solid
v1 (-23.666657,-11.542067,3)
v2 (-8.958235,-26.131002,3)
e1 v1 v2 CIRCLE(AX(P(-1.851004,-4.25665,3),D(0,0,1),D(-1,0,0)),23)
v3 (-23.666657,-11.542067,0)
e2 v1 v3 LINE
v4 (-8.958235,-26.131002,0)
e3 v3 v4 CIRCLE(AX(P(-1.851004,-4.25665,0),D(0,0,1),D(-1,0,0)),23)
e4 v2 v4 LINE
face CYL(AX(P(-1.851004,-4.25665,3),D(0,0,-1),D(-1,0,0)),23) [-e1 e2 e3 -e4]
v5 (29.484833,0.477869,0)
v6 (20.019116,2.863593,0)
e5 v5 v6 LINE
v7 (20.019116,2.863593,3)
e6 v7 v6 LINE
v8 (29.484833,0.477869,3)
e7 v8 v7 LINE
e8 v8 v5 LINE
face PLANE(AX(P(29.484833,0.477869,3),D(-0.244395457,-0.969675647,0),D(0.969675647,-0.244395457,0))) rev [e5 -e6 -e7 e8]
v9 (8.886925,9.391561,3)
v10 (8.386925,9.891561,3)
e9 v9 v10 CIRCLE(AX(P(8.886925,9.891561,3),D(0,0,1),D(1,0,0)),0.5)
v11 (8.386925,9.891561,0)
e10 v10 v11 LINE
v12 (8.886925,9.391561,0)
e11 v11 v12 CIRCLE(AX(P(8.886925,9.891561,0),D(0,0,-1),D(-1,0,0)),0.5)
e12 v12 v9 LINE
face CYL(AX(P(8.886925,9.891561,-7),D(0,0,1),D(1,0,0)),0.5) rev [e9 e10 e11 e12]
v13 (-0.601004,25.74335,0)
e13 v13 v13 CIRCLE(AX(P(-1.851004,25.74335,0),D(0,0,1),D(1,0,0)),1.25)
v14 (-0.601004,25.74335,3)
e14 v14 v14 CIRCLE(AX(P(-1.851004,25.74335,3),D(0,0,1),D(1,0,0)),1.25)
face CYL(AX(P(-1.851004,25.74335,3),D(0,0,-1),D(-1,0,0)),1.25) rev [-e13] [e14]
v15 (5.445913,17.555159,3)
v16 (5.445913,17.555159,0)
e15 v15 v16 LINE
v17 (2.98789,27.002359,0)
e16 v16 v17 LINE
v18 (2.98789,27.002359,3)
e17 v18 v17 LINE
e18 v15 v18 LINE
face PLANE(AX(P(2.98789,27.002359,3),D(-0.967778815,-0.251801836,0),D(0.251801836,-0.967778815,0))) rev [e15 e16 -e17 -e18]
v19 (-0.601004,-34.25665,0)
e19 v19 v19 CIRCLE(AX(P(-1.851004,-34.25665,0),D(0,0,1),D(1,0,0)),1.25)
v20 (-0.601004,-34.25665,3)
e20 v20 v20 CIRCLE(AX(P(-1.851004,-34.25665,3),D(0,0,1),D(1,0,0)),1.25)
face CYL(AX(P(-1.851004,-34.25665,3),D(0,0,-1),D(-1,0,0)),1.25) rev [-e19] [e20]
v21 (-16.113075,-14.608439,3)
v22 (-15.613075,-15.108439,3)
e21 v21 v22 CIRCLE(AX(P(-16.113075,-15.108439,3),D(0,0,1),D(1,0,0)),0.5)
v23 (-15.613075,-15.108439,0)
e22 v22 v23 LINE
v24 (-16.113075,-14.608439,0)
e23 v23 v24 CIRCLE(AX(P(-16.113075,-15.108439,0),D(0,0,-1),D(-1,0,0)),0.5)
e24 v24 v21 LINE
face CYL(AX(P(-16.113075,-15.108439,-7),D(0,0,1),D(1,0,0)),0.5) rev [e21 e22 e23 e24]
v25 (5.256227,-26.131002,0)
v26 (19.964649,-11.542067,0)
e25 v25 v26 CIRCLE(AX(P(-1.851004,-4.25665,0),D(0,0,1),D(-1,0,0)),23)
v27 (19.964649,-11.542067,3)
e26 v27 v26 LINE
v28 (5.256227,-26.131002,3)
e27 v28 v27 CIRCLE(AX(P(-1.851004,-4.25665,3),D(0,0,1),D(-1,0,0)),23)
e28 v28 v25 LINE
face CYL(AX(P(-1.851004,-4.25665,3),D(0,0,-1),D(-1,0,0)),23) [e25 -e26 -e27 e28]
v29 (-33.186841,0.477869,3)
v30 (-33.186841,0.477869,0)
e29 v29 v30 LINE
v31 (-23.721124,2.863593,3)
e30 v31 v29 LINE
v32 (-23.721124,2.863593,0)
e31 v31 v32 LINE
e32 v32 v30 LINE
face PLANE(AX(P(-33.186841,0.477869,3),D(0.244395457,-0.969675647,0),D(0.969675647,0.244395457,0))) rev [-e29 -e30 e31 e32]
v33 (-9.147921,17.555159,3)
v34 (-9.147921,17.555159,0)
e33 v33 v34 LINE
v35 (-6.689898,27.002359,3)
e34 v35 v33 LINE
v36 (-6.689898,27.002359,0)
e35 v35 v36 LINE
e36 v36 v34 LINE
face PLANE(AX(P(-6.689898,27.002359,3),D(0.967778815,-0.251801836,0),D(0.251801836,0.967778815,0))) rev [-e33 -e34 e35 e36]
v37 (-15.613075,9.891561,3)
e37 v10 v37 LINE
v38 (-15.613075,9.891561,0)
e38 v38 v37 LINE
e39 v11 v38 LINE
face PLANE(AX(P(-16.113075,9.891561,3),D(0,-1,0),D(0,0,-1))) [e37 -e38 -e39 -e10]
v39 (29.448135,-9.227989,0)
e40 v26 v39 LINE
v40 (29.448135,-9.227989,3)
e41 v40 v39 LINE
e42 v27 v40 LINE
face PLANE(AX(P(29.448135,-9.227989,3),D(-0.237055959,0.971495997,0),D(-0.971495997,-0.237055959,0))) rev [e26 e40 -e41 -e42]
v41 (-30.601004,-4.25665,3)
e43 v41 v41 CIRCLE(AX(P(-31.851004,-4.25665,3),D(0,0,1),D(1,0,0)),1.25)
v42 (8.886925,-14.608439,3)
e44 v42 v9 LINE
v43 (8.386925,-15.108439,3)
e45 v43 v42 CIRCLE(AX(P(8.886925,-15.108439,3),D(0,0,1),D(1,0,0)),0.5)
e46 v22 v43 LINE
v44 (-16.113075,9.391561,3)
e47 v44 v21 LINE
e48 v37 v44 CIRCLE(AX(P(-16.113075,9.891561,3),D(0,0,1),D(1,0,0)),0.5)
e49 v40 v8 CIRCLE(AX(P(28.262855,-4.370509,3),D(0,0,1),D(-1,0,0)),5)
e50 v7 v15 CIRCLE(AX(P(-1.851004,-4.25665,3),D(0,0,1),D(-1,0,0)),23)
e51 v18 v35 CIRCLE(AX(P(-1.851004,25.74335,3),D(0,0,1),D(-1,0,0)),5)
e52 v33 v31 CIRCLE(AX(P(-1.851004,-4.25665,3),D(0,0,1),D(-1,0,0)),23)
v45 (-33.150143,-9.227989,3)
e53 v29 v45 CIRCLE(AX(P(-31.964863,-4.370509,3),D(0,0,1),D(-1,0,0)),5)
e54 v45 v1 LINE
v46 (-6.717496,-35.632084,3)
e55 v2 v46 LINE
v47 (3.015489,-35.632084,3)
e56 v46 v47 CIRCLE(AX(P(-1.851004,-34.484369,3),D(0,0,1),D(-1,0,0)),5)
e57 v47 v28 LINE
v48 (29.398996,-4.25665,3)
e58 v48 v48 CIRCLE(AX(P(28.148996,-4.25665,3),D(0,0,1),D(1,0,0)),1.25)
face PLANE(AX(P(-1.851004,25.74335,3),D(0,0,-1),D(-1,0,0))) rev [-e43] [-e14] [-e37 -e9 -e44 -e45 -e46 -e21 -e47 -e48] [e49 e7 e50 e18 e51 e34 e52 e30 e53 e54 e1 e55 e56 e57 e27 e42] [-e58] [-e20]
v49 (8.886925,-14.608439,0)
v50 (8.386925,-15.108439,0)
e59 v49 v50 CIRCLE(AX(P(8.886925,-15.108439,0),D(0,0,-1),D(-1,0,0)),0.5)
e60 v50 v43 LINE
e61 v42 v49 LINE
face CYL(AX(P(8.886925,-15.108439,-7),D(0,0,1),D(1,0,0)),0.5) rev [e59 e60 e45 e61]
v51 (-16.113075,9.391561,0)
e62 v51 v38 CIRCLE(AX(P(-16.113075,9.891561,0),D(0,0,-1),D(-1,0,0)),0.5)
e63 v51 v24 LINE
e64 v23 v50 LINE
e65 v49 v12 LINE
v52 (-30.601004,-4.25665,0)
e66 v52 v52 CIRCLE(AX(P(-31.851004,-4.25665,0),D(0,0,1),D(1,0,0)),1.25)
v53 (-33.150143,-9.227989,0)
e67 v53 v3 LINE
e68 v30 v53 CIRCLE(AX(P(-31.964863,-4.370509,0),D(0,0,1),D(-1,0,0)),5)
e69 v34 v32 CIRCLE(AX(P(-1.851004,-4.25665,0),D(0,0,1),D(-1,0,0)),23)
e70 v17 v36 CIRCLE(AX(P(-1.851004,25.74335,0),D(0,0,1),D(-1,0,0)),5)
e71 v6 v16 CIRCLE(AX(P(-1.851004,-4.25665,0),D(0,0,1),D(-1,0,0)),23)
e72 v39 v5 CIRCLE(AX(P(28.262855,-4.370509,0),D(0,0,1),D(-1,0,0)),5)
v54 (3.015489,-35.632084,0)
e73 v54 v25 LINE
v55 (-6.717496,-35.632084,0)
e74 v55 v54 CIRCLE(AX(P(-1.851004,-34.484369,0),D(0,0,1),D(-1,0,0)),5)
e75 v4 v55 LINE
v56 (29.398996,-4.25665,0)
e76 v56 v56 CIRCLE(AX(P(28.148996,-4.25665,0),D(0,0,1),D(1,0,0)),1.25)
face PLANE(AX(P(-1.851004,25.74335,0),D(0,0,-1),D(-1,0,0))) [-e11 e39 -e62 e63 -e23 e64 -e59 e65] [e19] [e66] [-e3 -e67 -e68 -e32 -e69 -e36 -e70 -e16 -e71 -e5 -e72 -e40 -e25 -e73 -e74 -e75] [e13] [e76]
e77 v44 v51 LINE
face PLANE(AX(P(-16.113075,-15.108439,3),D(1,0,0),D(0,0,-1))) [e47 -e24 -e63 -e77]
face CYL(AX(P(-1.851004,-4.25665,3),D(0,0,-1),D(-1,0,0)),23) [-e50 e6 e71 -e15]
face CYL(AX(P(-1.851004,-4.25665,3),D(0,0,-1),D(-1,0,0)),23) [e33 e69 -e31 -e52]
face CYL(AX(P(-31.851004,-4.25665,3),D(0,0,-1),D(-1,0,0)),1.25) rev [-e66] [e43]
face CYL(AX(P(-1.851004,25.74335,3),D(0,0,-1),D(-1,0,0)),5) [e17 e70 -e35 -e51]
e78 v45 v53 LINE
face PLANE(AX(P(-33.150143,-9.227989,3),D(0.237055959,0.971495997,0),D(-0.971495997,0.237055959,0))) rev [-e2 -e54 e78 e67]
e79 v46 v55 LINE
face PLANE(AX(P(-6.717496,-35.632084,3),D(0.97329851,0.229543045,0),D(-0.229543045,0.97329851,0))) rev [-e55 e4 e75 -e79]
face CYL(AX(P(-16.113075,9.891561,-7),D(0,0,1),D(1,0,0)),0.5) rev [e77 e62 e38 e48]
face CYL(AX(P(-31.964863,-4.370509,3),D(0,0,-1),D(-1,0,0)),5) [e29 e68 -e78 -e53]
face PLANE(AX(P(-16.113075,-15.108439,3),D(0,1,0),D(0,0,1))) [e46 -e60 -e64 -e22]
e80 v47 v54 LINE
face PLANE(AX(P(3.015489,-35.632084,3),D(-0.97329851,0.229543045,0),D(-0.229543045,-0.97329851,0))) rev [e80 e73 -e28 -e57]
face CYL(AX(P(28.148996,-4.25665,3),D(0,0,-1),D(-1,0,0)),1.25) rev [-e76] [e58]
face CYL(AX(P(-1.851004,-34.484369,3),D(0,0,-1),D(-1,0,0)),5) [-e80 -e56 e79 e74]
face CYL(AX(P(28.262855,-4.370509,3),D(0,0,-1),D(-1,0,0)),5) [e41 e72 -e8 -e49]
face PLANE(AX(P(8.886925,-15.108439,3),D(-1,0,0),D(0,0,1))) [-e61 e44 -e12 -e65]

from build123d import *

# Parameters (mm, degrees)
SKETCH1_R           = 1.25
SKETCH1_W           = 25
SKETCH1_H           = 25
BOSS_EXTRUDE1_DEPTH = 3
SKETCH2_R           = 0.5
CUT_EXTRUDE1_DEPTH  = 10


with BuildPart() as part:
    # Sketch1 → Boss-Extrude1 (new body)
    with BuildSketch(Plane.XY):
        with BuildLine():
            Line((-33.186840593, 0.47786898), (-23.721123859, 2.863592672))
            ThreePointArc((-23.721123859, 2.863592672), (-18.180104911, 11.940895034), (-9.147920803, 17.555158954))
            Line((-9.147920803, 17.555158954), (-6.689897995, 27.002359316))
            ThreePointArc((-6.689897995, 27.002359316), (-1.851003919, 30.743350134), (2.987890157, 27.002359316))
            Line((2.987890157, 27.002359316), (5.445912965, 17.555158954))
            ThreePointArc((5.445912965, 17.555158954), (14.478097073, 11.940895034), (20.019116021, 2.863592672))
            Line((20.019116021, 2.863592672), (29.484832754, 0.47786898))
            ThreePointArc((29.484832754, 0.47786898), (33.262819731, -4.389413936), (29.448135263, -9.227989241))
            Line((29.448135263, -9.227989241), (19.964648755, -11.542066696))
            ThreePointArc((19.964648755, -11.542066696), (14.345988249, -20.586299119), (5.256227018, -26.131001706))
            Line((5.256227018, -26.131001706), (3.015488633, -35.632083871))
            ThreePointArc((3.015488633, -35.632083871), (-1.851003919, -39.484368645), (-6.717496471, -35.632083871))
            Line((-6.717496471, -35.632083871), (-8.958234856, -26.131001706))
            ThreePointArc((-8.958234856, -26.131001706), (-18.047996087, -20.586299119), (-23.666656594, -11.542066696))
            Line((-23.666656594, -11.542066696), (-33.150143101, -9.227989241))
            ThreePointArc((-33.150143101, -9.227989241), (-36.96482757, -4.389413936), (-33.186840593, 0.47786898))
        make_face()
        with Locations((-1.851003919, 25.743350134)):
            Circle(SKETCH1_R, mode=Mode.SUBTRACT)
        with Locations((28.148996081, -4.256649866)):
            Circle(SKETCH1_R, mode=Mode.SUBTRACT)
        with Locations((-1.851003919, -34.256649866)):
            Circle(SKETCH1_R, mode=Mode.SUBTRACT)
        with Locations((-31.851003919, -4.256649866)):
            Circle(SKETCH1_R, mode=Mode.SUBTRACT)
        with Locations((-3.613074624, -2.60843855)):
            Rectangle(SKETCH1_W, SKETCH1_H, mode=Mode.SUBTRACT)
    extrude(amount=BOSS_EXTRUDE1_DEPTH)

    # Sketch2 → Cut-Extrude1 (cut)
    with BuildSketch(Plane.XY.offset(3)):
        with Locations((-16.113074624, 9.89156145)):
            Circle(SKETCH2_R)
        with Locations((8.886925376, 9.89156145)):
            Circle(SKETCH2_R)
        with Locations((8.886925376, -15.10843855)):
            Circle(SKETCH2_R)
        with Locations((-16.113074624, -15.10843855)):
            Circle(SKETCH2_R)
    extrude(amount=-CUT_EXTRUDE1_DEPTH, mode=Mode.SUBTRACT)


solid = part.part
